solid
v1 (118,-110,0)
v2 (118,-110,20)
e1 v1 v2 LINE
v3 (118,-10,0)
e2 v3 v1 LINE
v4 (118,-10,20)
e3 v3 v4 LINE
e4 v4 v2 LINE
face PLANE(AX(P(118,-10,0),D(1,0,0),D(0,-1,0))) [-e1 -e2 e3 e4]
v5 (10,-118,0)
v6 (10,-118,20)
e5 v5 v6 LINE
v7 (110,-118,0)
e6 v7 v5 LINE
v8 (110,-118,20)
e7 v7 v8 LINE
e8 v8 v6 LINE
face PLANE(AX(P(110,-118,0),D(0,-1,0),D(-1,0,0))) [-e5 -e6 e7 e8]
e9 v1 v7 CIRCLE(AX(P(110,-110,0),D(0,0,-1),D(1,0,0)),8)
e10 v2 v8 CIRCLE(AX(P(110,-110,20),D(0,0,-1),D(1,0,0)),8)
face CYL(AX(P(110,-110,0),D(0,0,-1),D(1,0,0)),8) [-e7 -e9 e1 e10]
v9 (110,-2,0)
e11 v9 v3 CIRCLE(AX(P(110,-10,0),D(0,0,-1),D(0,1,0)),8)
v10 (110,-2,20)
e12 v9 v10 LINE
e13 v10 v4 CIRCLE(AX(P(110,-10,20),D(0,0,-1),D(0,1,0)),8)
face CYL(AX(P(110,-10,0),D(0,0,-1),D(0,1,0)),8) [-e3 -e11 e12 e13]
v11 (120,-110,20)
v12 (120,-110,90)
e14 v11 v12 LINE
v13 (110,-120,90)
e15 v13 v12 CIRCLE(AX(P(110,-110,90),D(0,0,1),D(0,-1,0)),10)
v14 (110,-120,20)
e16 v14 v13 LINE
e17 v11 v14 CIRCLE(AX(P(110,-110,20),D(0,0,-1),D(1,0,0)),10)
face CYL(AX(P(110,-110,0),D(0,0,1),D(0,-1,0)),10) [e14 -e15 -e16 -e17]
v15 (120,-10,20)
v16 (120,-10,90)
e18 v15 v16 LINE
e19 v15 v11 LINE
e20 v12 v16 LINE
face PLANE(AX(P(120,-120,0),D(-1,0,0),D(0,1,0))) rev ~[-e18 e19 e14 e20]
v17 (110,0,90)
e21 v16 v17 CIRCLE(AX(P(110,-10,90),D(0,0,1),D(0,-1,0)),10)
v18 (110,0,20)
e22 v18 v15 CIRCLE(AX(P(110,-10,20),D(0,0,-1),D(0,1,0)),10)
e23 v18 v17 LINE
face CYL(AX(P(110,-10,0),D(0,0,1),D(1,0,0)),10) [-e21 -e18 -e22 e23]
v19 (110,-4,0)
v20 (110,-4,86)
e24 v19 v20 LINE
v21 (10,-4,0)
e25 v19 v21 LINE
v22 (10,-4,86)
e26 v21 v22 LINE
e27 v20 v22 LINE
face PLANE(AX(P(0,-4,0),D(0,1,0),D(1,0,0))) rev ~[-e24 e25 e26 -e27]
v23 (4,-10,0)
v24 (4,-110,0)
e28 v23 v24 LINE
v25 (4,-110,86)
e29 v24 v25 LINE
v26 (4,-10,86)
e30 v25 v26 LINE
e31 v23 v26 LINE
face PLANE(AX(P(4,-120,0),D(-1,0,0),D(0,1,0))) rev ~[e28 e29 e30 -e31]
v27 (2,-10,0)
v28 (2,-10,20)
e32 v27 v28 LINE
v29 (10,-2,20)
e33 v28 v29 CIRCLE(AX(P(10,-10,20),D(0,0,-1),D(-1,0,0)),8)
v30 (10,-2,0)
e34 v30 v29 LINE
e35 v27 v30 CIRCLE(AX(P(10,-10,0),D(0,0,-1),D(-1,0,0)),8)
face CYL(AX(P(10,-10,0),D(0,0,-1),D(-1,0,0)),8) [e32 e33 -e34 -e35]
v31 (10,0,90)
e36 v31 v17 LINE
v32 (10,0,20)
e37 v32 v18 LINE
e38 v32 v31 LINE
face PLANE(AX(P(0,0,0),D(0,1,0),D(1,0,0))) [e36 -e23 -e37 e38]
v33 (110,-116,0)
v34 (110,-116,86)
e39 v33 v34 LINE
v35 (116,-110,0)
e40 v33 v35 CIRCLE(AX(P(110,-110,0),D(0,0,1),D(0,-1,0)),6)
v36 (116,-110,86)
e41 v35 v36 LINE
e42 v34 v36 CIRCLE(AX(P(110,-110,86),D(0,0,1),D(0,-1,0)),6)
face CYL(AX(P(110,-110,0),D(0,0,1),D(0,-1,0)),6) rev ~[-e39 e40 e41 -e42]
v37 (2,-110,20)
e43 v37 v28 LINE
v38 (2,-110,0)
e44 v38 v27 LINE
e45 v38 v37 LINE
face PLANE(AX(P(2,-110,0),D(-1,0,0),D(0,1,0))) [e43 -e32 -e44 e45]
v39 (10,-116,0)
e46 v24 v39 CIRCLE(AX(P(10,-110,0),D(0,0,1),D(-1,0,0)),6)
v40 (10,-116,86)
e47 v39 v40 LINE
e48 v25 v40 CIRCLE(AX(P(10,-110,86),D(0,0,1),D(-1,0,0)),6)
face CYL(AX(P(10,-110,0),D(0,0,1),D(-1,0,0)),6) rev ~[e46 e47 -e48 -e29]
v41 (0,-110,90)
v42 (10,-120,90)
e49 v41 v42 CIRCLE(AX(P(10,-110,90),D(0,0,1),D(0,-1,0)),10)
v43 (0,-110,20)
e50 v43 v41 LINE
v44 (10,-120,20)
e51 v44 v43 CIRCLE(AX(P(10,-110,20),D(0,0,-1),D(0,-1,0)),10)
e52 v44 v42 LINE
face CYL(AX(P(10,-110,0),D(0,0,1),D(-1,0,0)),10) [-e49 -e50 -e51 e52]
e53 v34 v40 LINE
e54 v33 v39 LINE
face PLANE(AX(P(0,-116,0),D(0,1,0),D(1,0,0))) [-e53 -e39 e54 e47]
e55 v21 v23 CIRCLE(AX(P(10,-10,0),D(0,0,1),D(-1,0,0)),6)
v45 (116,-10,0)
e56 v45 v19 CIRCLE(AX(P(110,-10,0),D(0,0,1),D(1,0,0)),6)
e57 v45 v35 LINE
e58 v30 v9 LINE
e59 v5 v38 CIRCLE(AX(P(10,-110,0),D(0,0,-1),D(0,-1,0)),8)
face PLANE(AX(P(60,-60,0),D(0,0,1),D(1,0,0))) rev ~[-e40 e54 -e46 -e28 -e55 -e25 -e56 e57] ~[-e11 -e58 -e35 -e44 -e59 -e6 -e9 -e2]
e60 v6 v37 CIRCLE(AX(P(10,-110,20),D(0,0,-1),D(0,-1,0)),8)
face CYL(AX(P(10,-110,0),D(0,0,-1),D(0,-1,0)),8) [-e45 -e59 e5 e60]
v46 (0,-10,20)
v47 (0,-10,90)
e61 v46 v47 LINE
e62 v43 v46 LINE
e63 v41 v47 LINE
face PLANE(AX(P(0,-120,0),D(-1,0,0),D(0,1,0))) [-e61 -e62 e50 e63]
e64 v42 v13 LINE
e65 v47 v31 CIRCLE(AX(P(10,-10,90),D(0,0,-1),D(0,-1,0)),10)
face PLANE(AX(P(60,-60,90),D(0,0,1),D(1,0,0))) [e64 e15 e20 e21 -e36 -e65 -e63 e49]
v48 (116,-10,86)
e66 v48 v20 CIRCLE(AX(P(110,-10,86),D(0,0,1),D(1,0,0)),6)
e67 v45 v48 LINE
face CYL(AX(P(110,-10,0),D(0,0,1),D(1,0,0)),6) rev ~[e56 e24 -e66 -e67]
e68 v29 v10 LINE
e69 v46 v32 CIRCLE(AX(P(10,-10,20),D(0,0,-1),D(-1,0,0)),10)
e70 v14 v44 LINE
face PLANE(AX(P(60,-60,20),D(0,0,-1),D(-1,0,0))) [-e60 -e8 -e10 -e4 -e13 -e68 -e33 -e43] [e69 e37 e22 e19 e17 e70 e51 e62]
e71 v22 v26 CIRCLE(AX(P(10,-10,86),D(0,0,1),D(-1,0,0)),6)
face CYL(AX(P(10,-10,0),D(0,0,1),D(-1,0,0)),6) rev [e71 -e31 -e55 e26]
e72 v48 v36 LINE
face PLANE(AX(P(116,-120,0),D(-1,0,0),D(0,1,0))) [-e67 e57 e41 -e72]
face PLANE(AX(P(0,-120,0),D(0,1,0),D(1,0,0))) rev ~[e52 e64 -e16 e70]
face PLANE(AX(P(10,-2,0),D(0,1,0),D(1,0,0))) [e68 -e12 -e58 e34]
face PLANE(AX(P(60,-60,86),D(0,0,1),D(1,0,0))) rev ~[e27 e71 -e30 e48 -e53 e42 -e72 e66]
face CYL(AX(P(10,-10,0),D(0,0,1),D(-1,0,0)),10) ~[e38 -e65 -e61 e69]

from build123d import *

# Parameters (mm, degrees)
SKETCH1_W           = 120
SKETCH1_H           = 120
BOSS_EXTRUDE1_DEPTH = 90
FILLET1_R           = 10
SHELL1_T            = -4
CUT_EXTRUDE1_DEPTH  = 20


with BuildPart() as part:
    # Sketch1 → Boss-Extrude1 (new body)
    with BuildSketch(Plane.XY):
        with Locations((60, -60)):
            Rectangle(SKETCH1_W, SKETCH1_H)
    extrude(amount=BOSS_EXTRUDE1_DEPTH)

    # Fillet1
    fillet1_edges = [part.edges().sort_by_distance(p)[0] for p in [
        (0, 0, 45),
        (120, 0, 45),
        (120, -120, 45),
        (0, -120, 45),
    ]]
    fillet(fillet1_edges, radius=FILLET1_R)

    # Shell1
    shell1_openings = [part.faces().sort_by_distance(p)[0] for p in [
        (60, -60, 0),
    ]]
    offset(amount=SHELL1_T, openings=shell1_openings, kind=Kind.INTERSECTION)

    # Sketch2 → Cut-Extrude1 (cut)
    with BuildSketch(Plane(origin=(0, 0, 0), x_dir=(-1, 0, 0), z_dir=(0, 0, -1))):
        with BuildLine():
            Line((-120, -10), (-120, -110))
            ThreePointArc((-120, -110), (-117.071067812, -117.071067812), (-110, -120))
            Line((-110, -120), (-10, -120))
            ThreePointArc((-10, -120), (-2.928932188, -117.071067812), (0, -110))
            Line((0, -110), (0, -10))
            ThreePointArc((0, -10), (-2.928932188, -2.928932188), (-10, 0))
            Line((-10, 0), (-110, 0))
            ThreePointArc((-110, 0), (-117.071067812, -2.928932188), (-120, -10))
        make_face()
        with BuildLine():
            Line((-118, -10), (-118, -110))
            ThreePointArc((-118, -110), (-115.656854249, -115.656854249), (-110, -118))
            Line((-110, -118), (-10, -118))
            ThreePointArc((-10, -118), (-4.343145751, -115.656854249), (-2, -110))
            Line((-2, -110), (-2, -10))
            ThreePointArc((-2, -10), (-4.343145751, -4.343145751), (-10, -2))
            Line((-10, -2), (-110, -2))
            ThreePointArc((-110, -2), (-115.656854249, -4.343145751), (-118, -10))
        make_face(mode=Mode.SUBTRACT)
    extrude(amount=-CUT_EXTRUDE1_DEPTH, mode=Mode.SUBTRACT)


solid = part.part
